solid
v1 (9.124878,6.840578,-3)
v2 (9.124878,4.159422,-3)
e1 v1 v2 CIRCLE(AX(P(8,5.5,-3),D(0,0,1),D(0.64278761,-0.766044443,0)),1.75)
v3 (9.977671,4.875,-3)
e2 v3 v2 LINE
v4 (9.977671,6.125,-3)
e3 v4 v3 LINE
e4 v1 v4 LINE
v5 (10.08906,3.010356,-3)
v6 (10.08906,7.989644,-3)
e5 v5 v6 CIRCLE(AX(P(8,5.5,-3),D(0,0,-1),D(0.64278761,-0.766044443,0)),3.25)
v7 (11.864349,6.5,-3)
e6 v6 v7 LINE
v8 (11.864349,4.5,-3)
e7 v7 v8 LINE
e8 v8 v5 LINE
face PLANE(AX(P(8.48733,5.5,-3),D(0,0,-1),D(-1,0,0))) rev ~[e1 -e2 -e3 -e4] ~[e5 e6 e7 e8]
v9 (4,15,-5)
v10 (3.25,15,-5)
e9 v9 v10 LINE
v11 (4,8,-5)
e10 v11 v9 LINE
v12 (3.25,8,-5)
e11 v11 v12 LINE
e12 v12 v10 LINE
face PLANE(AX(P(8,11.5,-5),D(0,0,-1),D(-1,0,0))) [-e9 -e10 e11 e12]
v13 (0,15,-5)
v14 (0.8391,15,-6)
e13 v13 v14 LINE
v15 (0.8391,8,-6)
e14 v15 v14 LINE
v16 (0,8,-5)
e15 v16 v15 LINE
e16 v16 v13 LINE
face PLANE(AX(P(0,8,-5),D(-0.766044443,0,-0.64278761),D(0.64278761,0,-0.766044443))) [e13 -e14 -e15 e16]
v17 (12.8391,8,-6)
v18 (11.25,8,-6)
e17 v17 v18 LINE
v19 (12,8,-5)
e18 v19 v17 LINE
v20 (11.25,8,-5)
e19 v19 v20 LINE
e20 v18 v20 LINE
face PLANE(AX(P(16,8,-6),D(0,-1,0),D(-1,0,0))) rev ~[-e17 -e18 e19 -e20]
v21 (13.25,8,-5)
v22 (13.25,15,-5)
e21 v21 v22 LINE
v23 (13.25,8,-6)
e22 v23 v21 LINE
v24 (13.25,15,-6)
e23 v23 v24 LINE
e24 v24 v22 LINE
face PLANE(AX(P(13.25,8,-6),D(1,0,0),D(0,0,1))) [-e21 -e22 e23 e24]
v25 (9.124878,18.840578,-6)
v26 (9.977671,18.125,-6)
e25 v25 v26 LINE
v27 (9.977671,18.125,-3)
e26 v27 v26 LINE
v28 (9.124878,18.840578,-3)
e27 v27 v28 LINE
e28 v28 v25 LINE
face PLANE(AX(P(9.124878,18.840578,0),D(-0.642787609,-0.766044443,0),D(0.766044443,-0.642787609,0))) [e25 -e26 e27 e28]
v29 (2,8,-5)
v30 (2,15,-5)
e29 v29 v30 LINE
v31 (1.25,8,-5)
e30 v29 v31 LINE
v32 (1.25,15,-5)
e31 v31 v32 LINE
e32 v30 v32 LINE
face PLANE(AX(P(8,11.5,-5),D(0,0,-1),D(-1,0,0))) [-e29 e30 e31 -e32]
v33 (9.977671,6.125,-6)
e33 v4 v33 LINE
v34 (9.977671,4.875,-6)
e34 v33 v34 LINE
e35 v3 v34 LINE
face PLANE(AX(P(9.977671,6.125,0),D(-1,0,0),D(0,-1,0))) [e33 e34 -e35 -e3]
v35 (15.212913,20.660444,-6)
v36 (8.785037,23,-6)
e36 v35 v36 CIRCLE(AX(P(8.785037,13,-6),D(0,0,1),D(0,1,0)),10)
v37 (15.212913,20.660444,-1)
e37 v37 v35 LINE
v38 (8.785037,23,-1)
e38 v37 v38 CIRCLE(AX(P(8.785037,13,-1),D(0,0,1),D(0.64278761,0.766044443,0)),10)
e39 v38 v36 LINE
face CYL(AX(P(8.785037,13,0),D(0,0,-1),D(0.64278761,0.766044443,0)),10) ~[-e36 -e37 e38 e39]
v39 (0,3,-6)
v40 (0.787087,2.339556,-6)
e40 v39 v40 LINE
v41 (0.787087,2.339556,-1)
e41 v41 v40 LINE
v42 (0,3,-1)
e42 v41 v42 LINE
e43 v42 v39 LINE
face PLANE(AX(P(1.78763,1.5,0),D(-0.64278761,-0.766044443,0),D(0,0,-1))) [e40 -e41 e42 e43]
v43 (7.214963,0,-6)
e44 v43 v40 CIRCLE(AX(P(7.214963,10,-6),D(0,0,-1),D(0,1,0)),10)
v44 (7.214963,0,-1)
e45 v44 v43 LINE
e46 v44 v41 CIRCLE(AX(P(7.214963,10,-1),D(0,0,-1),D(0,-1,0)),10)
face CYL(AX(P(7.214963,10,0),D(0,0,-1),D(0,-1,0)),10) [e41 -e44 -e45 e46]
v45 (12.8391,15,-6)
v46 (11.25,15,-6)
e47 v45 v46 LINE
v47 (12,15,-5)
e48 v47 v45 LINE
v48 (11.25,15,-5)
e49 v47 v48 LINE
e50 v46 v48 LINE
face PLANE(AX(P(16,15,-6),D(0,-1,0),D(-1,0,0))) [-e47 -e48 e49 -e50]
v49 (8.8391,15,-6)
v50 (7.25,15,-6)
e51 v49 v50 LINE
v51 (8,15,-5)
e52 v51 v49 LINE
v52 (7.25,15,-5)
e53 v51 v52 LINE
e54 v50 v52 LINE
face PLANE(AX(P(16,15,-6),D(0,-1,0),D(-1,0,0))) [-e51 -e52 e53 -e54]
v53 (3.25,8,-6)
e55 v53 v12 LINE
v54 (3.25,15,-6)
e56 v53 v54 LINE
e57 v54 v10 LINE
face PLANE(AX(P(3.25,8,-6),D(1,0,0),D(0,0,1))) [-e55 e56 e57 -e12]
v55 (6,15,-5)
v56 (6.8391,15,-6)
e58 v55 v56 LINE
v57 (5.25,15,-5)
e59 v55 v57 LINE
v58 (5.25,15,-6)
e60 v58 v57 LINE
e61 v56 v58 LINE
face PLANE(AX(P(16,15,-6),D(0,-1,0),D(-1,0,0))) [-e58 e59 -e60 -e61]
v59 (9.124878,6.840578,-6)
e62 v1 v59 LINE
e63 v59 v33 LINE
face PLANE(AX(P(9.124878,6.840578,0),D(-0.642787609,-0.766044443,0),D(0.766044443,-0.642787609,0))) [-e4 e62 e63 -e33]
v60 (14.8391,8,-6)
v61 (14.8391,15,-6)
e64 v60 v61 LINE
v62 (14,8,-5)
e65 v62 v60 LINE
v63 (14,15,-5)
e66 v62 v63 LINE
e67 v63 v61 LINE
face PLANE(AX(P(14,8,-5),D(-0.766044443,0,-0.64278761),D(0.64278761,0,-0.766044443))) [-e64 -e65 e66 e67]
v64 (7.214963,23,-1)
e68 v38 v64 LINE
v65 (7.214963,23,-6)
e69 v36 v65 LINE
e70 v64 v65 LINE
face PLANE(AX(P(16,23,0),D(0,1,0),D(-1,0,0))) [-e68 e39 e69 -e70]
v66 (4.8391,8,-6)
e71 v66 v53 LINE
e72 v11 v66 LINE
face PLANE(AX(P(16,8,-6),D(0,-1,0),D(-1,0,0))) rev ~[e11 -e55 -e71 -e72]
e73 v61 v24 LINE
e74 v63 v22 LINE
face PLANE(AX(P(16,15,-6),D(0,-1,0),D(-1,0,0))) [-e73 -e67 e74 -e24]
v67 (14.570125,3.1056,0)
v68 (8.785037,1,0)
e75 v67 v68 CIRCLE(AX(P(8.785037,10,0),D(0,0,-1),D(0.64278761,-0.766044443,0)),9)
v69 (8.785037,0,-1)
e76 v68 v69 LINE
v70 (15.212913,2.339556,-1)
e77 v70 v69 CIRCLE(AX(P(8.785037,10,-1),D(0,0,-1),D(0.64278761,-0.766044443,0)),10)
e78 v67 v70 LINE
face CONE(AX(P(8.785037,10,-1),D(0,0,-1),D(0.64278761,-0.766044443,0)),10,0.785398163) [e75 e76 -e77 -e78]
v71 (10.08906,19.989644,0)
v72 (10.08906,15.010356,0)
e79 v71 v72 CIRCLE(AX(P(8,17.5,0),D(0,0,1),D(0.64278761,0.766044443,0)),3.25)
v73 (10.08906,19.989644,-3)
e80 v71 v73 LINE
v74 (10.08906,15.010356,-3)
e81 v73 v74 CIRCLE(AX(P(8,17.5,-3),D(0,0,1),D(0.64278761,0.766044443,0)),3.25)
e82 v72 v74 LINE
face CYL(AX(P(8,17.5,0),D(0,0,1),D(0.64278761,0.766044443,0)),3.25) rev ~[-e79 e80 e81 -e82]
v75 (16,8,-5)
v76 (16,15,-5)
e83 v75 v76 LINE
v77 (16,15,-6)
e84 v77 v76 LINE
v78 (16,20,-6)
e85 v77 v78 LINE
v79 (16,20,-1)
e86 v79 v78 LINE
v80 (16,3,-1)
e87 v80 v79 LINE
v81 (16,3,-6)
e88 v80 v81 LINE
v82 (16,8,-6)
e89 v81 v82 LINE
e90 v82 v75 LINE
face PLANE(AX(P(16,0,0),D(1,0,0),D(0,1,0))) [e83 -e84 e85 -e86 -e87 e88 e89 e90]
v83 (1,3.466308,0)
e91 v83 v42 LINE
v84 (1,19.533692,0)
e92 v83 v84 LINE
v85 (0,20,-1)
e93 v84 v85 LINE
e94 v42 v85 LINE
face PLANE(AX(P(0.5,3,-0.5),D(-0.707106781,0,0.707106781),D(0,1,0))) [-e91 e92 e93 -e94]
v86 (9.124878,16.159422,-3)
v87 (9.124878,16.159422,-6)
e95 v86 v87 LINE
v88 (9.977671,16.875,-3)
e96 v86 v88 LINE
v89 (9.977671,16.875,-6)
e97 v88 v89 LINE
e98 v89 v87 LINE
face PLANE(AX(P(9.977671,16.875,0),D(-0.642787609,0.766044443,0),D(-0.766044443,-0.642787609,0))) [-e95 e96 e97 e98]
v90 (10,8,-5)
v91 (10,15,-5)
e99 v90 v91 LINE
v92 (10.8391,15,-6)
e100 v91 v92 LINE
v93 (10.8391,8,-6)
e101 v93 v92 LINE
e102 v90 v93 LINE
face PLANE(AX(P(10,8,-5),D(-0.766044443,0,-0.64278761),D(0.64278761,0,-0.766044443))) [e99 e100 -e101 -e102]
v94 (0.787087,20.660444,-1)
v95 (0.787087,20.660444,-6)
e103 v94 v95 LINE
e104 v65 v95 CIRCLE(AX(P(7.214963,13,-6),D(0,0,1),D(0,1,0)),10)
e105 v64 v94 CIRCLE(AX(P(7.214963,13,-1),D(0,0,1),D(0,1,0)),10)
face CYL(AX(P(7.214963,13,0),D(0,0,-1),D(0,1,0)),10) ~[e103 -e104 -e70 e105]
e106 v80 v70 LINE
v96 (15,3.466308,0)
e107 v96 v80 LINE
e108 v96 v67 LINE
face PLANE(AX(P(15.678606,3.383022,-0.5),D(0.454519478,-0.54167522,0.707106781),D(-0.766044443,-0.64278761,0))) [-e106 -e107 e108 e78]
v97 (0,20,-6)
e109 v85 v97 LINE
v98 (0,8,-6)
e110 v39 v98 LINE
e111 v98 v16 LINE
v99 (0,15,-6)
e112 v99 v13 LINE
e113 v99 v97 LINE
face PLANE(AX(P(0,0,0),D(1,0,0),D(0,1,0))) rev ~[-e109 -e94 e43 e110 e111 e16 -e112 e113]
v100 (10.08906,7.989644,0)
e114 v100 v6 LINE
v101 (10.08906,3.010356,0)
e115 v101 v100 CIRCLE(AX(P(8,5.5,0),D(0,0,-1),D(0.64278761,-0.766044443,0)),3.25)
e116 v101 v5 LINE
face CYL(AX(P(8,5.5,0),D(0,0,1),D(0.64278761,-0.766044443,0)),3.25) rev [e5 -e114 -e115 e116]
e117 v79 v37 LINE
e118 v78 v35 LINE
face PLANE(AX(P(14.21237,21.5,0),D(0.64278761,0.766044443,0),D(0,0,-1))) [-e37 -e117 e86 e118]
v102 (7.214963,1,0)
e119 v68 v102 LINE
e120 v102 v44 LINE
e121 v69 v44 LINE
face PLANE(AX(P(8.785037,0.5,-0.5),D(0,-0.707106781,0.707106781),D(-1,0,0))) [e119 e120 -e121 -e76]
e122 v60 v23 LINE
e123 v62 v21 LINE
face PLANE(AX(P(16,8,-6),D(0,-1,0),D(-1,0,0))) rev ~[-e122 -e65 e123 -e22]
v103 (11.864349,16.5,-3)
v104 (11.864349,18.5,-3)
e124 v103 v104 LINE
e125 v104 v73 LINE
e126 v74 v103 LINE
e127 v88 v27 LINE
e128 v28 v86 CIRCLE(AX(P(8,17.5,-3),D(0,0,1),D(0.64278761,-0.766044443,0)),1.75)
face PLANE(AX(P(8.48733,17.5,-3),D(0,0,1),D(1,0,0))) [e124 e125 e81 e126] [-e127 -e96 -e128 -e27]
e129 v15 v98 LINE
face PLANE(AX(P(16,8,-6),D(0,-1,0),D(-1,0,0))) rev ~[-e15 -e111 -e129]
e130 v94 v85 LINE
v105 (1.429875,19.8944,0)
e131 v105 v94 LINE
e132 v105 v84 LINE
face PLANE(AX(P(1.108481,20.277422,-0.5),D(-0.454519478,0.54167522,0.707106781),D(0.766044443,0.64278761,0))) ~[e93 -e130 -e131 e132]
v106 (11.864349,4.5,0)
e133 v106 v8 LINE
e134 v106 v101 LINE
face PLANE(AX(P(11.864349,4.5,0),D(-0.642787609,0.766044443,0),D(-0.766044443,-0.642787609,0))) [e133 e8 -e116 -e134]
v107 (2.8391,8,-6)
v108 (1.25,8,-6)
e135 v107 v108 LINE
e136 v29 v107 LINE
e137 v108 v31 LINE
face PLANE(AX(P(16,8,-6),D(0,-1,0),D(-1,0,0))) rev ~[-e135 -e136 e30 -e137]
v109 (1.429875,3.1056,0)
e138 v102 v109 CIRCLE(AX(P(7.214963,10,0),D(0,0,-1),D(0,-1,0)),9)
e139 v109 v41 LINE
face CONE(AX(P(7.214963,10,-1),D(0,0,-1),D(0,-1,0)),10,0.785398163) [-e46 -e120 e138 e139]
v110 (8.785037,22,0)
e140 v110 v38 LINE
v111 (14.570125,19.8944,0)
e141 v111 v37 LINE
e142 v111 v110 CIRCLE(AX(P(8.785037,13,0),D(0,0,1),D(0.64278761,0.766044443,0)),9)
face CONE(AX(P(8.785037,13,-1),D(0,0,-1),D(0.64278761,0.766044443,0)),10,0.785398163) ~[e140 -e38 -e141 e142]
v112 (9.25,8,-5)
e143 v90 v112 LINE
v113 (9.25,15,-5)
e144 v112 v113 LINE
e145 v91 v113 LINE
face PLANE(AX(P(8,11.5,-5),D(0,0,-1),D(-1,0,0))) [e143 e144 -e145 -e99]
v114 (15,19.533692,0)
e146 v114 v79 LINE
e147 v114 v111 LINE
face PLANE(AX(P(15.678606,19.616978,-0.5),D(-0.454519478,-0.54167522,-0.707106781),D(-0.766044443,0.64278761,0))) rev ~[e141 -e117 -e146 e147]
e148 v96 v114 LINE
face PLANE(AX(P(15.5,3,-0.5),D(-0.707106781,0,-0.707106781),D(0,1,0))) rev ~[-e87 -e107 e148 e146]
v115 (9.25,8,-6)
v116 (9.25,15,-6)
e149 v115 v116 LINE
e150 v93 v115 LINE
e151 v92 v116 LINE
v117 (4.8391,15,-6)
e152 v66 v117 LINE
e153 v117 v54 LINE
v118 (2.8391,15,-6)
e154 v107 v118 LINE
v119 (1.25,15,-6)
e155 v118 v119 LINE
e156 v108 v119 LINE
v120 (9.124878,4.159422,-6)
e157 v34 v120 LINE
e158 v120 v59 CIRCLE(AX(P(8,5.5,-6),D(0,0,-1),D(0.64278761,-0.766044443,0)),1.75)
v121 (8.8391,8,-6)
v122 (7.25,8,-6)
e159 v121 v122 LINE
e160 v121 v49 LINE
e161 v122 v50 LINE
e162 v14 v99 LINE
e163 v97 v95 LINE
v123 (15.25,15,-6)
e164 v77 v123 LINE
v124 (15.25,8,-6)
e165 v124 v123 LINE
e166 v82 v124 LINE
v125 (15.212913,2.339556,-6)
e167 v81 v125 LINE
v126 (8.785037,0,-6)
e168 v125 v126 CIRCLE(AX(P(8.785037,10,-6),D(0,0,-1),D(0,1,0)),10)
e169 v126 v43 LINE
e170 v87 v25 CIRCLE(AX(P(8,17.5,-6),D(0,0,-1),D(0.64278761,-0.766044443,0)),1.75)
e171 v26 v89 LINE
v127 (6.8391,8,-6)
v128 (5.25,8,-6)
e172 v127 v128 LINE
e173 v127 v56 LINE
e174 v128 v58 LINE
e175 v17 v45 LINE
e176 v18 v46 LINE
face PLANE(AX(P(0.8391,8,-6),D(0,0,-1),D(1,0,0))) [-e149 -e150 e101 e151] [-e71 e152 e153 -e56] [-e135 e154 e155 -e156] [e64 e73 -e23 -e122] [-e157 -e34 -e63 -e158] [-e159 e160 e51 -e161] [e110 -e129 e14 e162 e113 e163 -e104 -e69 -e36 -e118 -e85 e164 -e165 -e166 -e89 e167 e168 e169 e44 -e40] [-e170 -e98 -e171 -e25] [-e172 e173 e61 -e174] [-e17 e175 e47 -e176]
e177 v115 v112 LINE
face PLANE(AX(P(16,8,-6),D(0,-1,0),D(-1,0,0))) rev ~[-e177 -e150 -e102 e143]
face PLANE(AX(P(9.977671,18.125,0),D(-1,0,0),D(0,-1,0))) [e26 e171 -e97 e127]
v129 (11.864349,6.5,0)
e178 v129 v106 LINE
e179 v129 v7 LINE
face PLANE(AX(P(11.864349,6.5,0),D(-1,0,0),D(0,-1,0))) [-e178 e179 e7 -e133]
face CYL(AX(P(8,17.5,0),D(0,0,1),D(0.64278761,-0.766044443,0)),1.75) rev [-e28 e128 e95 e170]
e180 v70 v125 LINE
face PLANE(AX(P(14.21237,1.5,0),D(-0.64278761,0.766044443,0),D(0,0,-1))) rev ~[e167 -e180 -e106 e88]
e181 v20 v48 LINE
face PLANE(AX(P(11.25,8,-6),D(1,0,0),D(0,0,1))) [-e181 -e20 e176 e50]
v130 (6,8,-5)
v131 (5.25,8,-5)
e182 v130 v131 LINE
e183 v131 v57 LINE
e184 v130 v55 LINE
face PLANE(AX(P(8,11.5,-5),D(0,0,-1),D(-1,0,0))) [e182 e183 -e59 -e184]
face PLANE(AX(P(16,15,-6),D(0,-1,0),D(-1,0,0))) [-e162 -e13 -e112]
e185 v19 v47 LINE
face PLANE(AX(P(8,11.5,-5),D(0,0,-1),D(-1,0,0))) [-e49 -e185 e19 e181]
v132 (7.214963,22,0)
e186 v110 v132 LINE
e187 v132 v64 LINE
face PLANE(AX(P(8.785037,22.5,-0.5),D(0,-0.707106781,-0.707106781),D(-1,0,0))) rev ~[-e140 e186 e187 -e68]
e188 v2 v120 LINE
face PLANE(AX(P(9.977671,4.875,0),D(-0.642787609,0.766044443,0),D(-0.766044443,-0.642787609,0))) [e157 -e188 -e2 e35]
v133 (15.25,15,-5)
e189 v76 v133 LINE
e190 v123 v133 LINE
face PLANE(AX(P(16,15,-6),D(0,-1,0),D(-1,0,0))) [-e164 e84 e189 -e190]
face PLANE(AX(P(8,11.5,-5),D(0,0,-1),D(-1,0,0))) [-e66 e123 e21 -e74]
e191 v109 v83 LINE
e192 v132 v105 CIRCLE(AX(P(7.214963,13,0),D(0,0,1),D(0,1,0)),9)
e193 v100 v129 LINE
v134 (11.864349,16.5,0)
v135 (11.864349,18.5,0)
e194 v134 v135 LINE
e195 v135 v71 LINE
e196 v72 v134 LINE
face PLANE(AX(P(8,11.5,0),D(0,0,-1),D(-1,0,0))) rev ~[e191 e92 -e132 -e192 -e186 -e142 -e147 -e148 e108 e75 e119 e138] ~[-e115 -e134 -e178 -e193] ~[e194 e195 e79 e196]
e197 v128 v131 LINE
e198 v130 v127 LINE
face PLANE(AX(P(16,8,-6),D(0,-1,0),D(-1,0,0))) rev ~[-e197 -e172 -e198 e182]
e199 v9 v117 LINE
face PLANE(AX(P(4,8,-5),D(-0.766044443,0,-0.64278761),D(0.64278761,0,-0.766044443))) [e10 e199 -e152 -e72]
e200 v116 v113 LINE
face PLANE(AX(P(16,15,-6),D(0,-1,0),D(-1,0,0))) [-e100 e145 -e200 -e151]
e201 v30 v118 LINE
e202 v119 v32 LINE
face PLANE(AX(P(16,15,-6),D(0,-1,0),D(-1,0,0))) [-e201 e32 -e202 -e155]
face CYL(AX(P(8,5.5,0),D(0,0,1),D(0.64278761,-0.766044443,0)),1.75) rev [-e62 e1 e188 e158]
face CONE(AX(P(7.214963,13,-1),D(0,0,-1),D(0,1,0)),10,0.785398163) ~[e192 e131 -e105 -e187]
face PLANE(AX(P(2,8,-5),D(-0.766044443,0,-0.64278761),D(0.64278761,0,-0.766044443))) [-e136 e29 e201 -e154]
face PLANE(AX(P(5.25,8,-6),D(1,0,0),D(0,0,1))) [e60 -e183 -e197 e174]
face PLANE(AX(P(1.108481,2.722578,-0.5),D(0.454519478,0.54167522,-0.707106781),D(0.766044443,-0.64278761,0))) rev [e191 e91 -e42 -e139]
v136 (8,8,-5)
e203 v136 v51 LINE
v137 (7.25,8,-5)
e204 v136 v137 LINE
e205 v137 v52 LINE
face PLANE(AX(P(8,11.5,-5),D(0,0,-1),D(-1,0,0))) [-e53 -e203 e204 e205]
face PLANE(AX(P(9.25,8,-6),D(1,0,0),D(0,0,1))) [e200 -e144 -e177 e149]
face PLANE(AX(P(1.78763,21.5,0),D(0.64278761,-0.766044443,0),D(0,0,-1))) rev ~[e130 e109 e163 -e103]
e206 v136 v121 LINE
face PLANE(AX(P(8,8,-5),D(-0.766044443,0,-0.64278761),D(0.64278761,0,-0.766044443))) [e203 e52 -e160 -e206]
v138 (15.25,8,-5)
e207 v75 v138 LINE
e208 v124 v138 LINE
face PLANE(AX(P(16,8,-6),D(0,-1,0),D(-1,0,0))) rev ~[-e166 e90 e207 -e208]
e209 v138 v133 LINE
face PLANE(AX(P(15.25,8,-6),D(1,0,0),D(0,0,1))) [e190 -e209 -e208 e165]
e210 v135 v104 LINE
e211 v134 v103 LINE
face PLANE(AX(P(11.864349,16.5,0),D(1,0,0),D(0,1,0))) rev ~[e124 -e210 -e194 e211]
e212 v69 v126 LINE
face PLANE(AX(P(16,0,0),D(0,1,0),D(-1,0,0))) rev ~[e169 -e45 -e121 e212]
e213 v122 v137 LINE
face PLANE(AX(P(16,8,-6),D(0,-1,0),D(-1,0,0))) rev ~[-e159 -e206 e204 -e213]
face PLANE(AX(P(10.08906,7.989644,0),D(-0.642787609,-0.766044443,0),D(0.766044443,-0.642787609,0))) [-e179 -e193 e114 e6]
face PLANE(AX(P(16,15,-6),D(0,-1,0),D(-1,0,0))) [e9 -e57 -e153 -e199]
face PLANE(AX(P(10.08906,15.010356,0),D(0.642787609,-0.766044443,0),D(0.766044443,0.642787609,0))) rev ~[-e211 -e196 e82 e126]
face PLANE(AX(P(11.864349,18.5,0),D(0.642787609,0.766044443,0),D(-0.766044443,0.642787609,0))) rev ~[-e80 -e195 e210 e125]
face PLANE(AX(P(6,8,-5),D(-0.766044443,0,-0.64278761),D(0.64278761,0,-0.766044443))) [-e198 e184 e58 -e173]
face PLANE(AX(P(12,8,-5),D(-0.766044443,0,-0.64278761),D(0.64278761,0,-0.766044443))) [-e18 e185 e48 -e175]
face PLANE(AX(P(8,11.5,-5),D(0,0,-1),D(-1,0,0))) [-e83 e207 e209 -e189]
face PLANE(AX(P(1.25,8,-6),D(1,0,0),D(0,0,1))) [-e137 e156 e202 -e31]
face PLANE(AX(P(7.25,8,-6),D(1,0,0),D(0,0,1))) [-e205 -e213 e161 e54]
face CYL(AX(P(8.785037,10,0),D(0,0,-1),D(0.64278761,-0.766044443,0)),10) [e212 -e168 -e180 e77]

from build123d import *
from OCP.BRepFilletAPI import BRepFilletAPI_MakeChamfer

# Parameters (mm, degrees)
CROQUIS2_W              = 16
CROQUIS2_H              = 23
SALIENTE_EXTRUIR1_DEPTH = 6
CORTAR_EXTRUIR1_DEPTH   = 3
CHAFL_N2_SIZE           = 3
CHAFL_N2_SIZE2          = 3.575260778
REDONDEO1_R             = 10
CHAFL_N1_SIZE           = 1
CROQUIS4_W              = 16
CROQUIS4_H              = 7
CORTAR_EXTRUIR2_DEPTH   = 1
SALIENTE_EXTRUIR2_DEPTH = 7
MATRIZL1_COUNT          = 8
MATRIZL1_PITCH          = 2


with BuildPart() as part:
    # Croquis2 → Saliente-Extruir1 (new body)
    with BuildSketch(Plane(origin=(0, 0, 0), x_dir=(-1, 0, 0), z_dir=(0, 0, -1))):
        with Locations((-8, 11.5)):
            Rectangle(CROQUIS2_W, CROQUIS2_H)
        with BuildLine():
            Line((-9.977670702, 6.125), (-9.977670702, 4.875))
            Line((-9.977670702, 4.875), (-9.124878317, 4.159422225))
            ThreePointArc((-9.124878317, 4.159422225), (-6.25, 5.5), (-9.124878317, 6.840577775))
            Line((-9.124878317, 6.840577775), (-9.977670702, 6.125))
        make_face(mode=Mode.SUBTRACT)
        with BuildLine():
            Line((-9.977670702, 18.125), (-9.977670702, 16.875))
            Line((-9.977670702, 16.875), (-9.124878317, 16.159422225))
            ThreePointArc((-9.124878317, 16.159422225), (-6.25, 17.5), (-9.124878317, 18.840577775))
            Line((-9.124878317, 18.840577775), (-9.977670702, 18.125))
        make_face(mode=Mode.SUBTRACT)
    extrude(amount=SALIENTE_EXTRUIR1_DEPTH)

    # Croquis3 → Cortar-Extruir1 (cut)
    with BuildSketch(Plane(origin=(-8, 0, 0), x_dir=(-1, 0, 0), z_dir=(0, 0, -1))):
        with BuildLine():
            Line((-19.864348845, 6.5), (-19.864348845, 4.5))
            Line((-19.864348845, 4.5), (-18.089059731, 3.01035556))
            ThreePointArc((-18.089059731, 3.01035556), (-12.75, 5.5), (-18.089059731, 7.98964444))
            Line((-18.089059731, 7.98964444), (-19.864348845, 6.5))
        make_face()
        with BuildLine():
            Line((-19.864348845, 18.5), (-18.089059731, 19.98964444))
            ThreePointArc((-18.089059731, 19.98964444), (-12.75, 17.5), (-18.089059731, 15.01035556))
            Line((-18.089059731, 15.01035556), (-19.864348845, 16.5))
            Line((-19.864348845, 16.5), (-19.864348845, 18.5))
        make_face()
    extrude(amount=CORTAR_EXTRUIR1_DEPTH, mode=Mode.SUBTRACT)

    # Chaflán2: one chamfer whose edges measure the first distance from different faces: ONE call of the kernel's chamfer builder (chamfer() names one face for all edges)
    chafl_n2_edges_1 = [part.edges().sort_by_distance(p)[0] for p in [
        (16, 23, -3),
        (16, 0, -3),
    ]]
    chafl_n2_side_1 = [part.faces().sort_by_distance(p)[0] for p in [
        (16, 11.5, -3),
    ]]
    chafl_n2_edges_2 = [part.edges().sort_by_distance(p)[0] for p in [
        (0, 23, -3),
        (0, 0, -3),
    ]]
    chafl_n2_side_2 = [part.faces().sort_by_distance(p)[0] for p in [
        (0, 11.5, -3),
    ]]
    chafl_n2 = BRepFilletAPI_MakeChamfer(part.part.solid().wrapped)
    for e in chafl_n2_edges_1:
        chafl_n2.Add(CHAFL_N2_SIZE, CHAFL_N2_SIZE2, e.wrapped, chafl_n2_side_1[0].wrapped)  # the first distance lies on this face
    for e in chafl_n2_edges_2:
        chafl_n2.Add(CHAFL_N2_SIZE, CHAFL_N2_SIZE2, e.wrapped, chafl_n2_side_2[0].wrapped)  # the first distance lies on this face
    add(Compound.cast(chafl_n2.Shape()), mode=Mode.REPLACE)

    # Redondeo1
    redondeo1_edges = [part.edges().sort_by_distance(p)[0] for p in [
        (3.575260778, 23, -3),
        (12.424739222, 23, -3),
        (3.575260778, 0, -3),
        (12.424739222, 0, -3),
    ]]
    fillet(redondeo1_edges, radius=REDONDEO1_R)

    # Chaflán1
    chafl_n1_edges = [part.edges().sort_by_distance(p)[0] for p in [
        (8, 0, 0),
        (8, 23, 0),
        (0.393543512, 20.330222216, 0),
        (15.606456488, 2.669777784, 0),
        (3.794761687, 22.396926208, 0),
        (12.205238313, 22.396926208, 0),
        (12.205238313, 0.603073792, 0),
        (3.794761687, 0.603073792, 0),
        (16, 11.5, 0),
        (0, 11.5, 0),
        (0.393543512, 2.669777784, 0),
        (15.606456488, 20.330222216, 0),
    ]]
    chamfer(chafl_n1_edges, length=CHAFL_N1_SIZE)

    # Croquis4 → Cortar-Extruir2 (cut)
    with BuildSketch(Plane(origin=(0, 0, -6), x_dir=(-1, 0, 0), z_dir=(0, 0, -1))):
        with Locations((-8, 11.5)):
            Rectangle(CROQUIS4_W, CROQUIS4_H)
    extrude(amount=-CORTAR_EXTRUIR2_DEPTH, mode=Mode.SUBTRACT)

    # Croquis5 → Saliente-Extruir2 (add)
    with BuildSketch(Plane(origin=(0, 8, 0), x_dir=(1, 0, 0), z_dir=(0, 1, 0))):
        Polygon((0, 5), (0.839099631, 6), (1.25, 6), (1.25, 5), align=None)
    saliente_extruir2 = extrude(amount=SALIENTE_EXTRUIR2_DEPTH)

    # MatrizL1: Saliente-Extruir2 ×8
    with Locations(*[(i * MATRIZL1_PITCH, 0, 0) for i in range(1, MATRIZL1_COUNT)]):
        add(saliente_extruir2)


solid = part.part
